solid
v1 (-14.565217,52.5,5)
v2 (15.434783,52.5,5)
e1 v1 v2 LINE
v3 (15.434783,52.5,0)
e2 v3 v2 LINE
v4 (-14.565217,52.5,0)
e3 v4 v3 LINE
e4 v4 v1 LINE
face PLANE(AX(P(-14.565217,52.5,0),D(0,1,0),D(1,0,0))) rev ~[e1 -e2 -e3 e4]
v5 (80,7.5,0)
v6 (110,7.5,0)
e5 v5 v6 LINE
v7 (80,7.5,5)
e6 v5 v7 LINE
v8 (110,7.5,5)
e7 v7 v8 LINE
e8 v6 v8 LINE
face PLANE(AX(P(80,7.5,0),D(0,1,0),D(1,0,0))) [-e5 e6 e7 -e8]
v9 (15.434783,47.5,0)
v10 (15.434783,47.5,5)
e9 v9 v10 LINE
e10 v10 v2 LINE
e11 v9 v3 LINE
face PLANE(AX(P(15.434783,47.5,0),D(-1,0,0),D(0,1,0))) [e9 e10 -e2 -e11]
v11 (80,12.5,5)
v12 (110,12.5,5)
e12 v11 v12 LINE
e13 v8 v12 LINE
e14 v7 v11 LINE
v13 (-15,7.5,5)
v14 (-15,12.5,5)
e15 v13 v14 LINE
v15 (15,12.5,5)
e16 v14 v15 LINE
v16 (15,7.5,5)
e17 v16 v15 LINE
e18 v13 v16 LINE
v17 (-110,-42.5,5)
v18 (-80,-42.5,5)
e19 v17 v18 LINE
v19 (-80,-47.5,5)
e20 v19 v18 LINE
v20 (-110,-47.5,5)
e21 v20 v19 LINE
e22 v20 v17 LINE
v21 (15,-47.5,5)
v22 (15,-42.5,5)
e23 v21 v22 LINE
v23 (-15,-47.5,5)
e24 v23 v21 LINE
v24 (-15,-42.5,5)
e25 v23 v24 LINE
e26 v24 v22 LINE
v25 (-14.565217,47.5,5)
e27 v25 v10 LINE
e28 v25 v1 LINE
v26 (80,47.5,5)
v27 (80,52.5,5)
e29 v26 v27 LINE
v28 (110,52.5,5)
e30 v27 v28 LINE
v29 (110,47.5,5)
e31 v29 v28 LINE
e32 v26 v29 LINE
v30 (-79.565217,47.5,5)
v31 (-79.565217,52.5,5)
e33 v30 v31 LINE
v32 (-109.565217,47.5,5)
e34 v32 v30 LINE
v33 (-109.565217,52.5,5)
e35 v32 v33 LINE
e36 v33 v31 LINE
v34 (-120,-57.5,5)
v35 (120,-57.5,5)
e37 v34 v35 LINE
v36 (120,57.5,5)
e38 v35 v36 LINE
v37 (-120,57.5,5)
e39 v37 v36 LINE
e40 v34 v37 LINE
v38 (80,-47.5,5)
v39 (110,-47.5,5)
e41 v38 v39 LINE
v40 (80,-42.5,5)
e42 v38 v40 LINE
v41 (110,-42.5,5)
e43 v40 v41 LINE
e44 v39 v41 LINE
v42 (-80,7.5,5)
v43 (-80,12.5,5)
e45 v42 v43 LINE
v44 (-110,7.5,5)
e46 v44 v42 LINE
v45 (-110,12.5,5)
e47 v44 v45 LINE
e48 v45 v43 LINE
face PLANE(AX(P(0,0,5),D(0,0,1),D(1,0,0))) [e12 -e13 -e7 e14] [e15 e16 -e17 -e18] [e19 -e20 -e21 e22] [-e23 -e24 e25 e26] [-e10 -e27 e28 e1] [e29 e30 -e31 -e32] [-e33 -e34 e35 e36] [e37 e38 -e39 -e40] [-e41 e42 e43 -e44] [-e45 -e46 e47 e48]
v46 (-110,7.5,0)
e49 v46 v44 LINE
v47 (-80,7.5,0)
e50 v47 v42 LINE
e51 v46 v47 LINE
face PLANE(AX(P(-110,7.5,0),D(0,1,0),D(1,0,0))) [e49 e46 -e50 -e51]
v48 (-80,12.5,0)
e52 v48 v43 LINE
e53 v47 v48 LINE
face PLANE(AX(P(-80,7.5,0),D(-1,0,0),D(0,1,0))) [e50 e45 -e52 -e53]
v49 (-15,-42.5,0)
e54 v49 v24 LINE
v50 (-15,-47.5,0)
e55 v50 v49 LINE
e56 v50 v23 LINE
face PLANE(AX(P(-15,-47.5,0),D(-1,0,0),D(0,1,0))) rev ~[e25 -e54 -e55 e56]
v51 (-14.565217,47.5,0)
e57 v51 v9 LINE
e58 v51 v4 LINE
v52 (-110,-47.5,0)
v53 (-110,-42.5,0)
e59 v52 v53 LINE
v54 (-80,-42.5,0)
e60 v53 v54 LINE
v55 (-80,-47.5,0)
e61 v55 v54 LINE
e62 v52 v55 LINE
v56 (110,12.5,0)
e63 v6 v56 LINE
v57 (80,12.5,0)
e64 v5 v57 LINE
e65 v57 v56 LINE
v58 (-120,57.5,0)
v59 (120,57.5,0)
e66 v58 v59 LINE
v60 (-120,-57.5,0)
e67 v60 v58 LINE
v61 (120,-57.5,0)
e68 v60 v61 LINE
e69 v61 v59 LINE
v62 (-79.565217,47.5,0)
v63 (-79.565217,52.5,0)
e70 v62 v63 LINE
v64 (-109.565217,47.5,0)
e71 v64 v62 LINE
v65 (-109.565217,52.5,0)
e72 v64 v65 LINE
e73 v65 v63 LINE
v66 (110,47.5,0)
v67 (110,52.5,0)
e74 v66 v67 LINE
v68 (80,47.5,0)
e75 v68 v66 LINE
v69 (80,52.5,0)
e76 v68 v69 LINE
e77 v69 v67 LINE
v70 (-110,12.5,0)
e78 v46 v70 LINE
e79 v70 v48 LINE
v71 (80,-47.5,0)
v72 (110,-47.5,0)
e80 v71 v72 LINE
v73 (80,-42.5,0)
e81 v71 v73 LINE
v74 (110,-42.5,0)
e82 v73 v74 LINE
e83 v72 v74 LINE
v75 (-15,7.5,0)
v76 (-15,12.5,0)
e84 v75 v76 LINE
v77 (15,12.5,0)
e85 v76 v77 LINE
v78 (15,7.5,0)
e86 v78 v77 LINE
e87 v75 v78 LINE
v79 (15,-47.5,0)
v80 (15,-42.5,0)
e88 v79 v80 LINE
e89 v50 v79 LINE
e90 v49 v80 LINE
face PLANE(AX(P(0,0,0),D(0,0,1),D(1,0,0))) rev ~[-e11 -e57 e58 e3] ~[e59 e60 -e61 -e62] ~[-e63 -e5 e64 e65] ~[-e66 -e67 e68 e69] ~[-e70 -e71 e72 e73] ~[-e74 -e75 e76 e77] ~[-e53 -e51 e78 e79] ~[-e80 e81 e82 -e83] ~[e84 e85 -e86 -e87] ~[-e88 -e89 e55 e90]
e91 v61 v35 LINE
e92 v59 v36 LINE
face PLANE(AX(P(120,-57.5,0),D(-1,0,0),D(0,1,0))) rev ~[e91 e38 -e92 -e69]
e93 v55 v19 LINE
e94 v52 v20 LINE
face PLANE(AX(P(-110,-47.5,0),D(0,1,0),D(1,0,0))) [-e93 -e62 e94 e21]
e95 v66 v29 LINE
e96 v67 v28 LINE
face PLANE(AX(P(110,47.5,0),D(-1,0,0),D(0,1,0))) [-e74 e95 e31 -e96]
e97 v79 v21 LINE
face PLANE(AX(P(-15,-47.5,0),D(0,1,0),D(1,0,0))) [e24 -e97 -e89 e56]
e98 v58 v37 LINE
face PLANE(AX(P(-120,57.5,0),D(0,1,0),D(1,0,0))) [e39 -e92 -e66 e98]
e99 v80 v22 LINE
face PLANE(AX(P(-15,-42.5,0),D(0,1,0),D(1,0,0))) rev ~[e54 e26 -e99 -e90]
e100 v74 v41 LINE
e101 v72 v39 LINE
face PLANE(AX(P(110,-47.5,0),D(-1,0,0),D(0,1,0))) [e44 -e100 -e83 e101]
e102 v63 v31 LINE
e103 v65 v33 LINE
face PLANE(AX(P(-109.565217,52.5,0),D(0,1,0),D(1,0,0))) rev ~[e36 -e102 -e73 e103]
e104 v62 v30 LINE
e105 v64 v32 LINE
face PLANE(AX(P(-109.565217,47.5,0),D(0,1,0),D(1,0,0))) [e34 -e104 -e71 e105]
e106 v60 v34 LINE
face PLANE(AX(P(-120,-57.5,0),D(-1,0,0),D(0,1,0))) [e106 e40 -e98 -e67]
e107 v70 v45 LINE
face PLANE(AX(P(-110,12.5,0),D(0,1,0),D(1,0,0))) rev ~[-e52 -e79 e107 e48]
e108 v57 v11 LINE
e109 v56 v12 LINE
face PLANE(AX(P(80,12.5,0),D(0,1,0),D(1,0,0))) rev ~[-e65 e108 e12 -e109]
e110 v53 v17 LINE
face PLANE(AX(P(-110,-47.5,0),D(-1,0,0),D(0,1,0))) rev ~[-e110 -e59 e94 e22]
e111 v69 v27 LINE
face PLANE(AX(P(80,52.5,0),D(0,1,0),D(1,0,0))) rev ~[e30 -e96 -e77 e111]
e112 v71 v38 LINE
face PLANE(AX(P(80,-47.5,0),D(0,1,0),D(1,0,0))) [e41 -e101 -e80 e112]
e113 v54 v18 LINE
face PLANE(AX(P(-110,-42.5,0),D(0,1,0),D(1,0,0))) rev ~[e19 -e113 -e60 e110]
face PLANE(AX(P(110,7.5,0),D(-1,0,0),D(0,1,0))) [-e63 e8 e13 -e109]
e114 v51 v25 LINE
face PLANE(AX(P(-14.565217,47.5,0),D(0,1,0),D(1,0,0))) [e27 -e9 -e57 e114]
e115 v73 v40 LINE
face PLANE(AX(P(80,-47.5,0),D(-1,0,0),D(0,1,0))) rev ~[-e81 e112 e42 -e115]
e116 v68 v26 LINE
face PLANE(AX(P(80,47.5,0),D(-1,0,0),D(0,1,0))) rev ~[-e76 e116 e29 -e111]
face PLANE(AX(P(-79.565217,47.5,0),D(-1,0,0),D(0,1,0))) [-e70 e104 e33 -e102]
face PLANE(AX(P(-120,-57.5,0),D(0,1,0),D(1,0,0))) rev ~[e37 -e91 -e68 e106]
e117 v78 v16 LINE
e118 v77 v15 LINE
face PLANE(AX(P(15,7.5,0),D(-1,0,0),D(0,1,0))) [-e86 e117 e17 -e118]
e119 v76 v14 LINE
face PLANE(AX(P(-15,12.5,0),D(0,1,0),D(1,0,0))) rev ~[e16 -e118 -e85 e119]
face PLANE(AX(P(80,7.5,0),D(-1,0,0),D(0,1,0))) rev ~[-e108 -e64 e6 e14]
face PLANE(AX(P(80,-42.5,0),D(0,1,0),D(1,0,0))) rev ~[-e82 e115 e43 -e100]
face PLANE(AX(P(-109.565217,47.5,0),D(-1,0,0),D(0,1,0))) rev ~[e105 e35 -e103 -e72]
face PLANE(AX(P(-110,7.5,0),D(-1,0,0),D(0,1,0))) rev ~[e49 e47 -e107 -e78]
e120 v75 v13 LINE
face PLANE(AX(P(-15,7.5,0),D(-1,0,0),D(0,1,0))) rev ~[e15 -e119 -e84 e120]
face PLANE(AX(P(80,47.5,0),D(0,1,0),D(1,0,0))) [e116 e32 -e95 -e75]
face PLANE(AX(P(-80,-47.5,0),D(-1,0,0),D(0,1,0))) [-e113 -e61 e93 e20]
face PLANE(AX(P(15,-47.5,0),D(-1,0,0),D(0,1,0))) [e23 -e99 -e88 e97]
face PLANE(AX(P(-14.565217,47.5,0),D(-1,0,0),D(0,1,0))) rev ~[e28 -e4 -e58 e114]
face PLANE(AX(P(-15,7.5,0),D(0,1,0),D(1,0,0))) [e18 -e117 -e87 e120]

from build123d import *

# Parameters (mm, degrees)
SKETCH2_W           = 240
SKETCH2_H           = 115
SKETCH2_W_2         = 30
SKETCH2_H_2         = 5
BOSS_EXTRUDE1_DEPTH = 5


with BuildPart() as part:
    # Sketch2 → Boss-Extrude1 (new body)
    with BuildSketch(Plane.XY):
        Rectangle(SKETCH2_W, SKETCH2_H)
        with Locations((-94.565217391, 50)):
            Rectangle(SKETCH2_W_2, SKETCH2_H_2, mode=Mode.SUBTRACT)
        with Locations((0.434782609, 50)):
            Rectangle(SKETCH2_W_2, SKETCH2_H_2, mode=Mode.SUBTRACT)
        with Locations((95, 50)):
            Rectangle(SKETCH2_W_2, SKETCH2_H_2, mode=Mode.SUBTRACT)
        with Locations((-95, 10)):
            Rectangle(SKETCH2_W_2, SKETCH2_H_2, mode=Mode.SUBTRACT)
        with Locations((0, 10)):
            Rectangle(SKETCH2_W_2, SKETCH2_H_2, mode=Mode.SUBTRACT)
        with Locations((95, 10)):
            Rectangle(SKETCH2_W_2, SKETCH2_H_2, mode=Mode.SUBTRACT)
        with Locations((-95, -45)):
            Rectangle(SKETCH2_W_2, SKETCH2_H_2, mode=Mode.SUBTRACT)
        with Locations((0, -45)):
            Rectangle(SKETCH2_W_2, SKETCH2_H_2, mode=Mode.SUBTRACT)
        with Locations((95, -45)):
            Rectangle(SKETCH2_W_2, SKETCH2_H_2, mode=Mode.SUBTRACT)
    extrude(amount=BOSS_EXTRUDE1_DEPTH)


solid = part.part
